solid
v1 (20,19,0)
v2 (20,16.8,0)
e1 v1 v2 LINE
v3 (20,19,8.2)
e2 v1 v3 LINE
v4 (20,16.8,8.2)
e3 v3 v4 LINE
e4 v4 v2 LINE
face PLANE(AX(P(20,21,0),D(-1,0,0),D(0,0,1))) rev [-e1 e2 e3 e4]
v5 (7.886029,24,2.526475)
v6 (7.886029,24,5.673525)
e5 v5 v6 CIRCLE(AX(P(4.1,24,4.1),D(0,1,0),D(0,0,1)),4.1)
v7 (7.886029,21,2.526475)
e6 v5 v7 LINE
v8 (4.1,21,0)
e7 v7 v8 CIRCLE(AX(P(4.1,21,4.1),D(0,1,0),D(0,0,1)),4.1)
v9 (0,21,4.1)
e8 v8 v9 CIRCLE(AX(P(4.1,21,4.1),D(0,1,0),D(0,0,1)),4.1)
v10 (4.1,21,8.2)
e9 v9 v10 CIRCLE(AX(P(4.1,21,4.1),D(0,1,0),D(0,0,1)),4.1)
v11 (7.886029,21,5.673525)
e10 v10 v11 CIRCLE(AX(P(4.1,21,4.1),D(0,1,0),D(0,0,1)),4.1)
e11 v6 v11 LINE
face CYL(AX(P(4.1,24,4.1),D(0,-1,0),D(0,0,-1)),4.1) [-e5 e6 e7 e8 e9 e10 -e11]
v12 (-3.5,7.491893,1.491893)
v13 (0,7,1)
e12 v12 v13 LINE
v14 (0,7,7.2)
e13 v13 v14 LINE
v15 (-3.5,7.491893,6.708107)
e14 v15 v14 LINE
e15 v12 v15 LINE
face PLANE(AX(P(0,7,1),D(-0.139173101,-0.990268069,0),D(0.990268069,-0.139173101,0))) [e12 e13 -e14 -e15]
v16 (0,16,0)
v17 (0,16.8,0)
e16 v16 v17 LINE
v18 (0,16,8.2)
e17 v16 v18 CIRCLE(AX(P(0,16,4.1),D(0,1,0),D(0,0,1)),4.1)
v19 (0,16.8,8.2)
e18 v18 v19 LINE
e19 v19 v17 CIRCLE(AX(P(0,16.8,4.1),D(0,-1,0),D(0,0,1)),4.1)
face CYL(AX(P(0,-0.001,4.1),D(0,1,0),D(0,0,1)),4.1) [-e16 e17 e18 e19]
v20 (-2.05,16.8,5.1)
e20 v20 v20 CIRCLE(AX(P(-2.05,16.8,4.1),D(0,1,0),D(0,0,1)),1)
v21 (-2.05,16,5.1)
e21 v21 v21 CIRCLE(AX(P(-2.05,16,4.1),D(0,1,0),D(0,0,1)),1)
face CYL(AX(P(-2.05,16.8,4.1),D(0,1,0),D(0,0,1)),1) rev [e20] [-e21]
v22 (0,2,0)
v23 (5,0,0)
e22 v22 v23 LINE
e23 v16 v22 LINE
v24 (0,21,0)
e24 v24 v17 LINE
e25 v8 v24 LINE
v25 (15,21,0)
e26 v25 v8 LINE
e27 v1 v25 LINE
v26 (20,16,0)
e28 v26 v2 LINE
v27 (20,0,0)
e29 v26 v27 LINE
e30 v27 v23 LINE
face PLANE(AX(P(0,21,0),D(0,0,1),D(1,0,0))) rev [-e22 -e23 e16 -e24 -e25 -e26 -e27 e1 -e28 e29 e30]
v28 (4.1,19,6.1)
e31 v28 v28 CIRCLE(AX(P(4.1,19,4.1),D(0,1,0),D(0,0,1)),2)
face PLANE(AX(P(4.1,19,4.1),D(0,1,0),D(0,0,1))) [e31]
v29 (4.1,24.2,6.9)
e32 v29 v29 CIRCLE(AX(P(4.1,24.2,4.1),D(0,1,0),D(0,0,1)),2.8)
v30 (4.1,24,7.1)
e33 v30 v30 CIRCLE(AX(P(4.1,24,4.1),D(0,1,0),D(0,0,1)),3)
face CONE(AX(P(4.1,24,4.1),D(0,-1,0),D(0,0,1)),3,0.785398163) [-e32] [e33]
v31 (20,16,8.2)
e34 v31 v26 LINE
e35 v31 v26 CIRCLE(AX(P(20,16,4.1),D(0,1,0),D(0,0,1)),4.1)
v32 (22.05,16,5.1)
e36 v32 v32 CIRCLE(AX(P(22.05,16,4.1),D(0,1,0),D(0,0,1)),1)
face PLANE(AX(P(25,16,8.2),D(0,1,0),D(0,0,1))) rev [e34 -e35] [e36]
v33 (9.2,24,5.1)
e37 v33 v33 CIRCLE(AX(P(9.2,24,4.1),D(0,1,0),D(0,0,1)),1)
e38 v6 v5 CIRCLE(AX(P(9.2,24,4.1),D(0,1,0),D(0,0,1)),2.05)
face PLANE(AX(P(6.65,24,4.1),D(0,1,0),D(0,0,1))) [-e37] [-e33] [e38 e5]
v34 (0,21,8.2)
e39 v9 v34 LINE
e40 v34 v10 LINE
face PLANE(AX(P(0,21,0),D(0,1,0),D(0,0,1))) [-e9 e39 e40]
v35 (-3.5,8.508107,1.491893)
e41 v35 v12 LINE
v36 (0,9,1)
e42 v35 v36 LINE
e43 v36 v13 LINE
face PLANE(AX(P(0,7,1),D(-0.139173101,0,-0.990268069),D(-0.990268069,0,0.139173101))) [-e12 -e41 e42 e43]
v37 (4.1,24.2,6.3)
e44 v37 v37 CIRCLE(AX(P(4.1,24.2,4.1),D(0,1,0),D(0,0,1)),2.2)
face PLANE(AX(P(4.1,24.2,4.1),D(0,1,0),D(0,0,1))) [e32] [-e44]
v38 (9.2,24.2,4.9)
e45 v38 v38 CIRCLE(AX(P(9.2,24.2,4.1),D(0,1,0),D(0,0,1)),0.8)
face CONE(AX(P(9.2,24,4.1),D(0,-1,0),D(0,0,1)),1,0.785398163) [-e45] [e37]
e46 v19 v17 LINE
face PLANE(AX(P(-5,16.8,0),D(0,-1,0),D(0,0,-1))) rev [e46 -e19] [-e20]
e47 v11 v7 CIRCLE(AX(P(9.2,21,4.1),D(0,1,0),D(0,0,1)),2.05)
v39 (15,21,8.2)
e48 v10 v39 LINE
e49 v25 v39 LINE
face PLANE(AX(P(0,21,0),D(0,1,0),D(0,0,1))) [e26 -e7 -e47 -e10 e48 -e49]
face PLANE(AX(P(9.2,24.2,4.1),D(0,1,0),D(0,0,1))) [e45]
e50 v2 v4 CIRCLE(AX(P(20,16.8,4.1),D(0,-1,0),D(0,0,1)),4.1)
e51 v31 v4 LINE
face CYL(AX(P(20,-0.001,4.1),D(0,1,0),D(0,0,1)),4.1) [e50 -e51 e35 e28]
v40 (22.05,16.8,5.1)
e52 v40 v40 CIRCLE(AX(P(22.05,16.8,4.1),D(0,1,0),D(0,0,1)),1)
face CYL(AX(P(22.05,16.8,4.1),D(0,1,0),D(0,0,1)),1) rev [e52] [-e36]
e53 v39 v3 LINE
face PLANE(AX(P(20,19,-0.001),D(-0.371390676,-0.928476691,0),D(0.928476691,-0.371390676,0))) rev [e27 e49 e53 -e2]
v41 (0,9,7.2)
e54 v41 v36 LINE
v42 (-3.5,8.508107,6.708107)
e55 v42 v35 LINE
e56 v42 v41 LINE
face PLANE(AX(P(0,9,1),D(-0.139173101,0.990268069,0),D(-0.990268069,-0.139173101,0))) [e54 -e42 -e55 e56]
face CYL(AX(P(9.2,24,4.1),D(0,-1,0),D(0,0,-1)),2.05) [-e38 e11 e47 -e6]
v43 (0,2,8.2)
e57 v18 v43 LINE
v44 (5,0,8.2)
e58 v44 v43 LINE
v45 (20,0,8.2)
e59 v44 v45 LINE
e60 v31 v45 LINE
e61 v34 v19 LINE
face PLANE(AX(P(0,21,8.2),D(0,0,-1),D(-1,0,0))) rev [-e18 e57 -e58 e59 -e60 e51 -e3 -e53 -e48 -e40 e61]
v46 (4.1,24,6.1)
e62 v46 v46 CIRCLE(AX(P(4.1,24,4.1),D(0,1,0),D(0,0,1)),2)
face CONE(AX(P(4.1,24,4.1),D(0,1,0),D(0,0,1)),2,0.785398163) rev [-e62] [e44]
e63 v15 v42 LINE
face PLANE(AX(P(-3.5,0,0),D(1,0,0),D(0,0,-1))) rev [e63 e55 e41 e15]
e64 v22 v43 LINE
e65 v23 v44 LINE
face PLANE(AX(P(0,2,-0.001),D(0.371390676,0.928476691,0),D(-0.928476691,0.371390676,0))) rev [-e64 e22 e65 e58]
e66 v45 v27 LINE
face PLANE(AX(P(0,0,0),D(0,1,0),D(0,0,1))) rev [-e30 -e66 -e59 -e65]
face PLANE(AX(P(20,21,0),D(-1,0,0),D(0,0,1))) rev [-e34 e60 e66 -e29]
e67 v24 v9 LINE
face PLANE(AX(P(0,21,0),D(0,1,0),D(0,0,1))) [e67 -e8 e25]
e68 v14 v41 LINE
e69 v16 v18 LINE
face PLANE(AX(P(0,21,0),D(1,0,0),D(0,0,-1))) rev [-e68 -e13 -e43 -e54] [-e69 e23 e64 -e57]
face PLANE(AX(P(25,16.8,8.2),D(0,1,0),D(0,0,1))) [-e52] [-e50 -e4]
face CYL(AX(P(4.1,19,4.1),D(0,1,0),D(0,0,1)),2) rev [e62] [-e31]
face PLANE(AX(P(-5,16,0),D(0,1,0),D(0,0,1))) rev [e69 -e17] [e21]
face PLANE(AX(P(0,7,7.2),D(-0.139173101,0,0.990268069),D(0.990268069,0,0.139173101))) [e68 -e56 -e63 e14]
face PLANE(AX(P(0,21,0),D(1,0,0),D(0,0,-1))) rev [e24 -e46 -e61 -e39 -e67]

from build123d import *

# Parameters (mm, degrees)
SKETCH1_W                      = 20
SKETCH1_H                      = 8.2
BOSS_EXTRUDE1_DEPTH            = 21
SKETCH2_W                      = 8.2
SKETCH2_H                      = 0.8
BOSS_EXTRUDE2_DEPTH            = 5
SKETCH3_W                      = 8.2
SKETCH3_H                      = 0.8
BOSS_EXTRUDE3_DEPTH            = 5
CUT_EXTRUDE1_REACH             = 35.664
CUT_EXTRUDE2_REACH             = 33.217
F_2_0_2_DIAMETER_HOLE1_D       = 2
BOSS_EXTRUDE6_DEPTH            = 3
CUT_EXTRUDE4_REACH             = 36.986
SKETCH12_W                     = 6.2
SKETCH12_H                     = 2
BOSS_EXTRUDE7_DEPTH            = 3.5
BOSS_EXTRUDE7_TAPER            = 8
SKETCH15_R                     = 2
CUT_EXTRUDE5_DEPTH             = 5
SKETCH17_R                     = 3
SKETCH17_R_2                   = 2
BOSS_EXTRUDE10_DEPTH           = 0.2
BOSS_EXTRUDE10_DRAFT           = 45
SKETCH17_R_3                   = 1
BOSS_EXTRUDE10_PROFILE_2_DEPTH = 0.2
BOSS_EXTRUDE10_PROFILE_2_DRAFT = 45


with BuildPart() as part:
    # Sketch1 → Boss-Extrude1 (new body)
    with BuildSketch(Plane(origin=(0, 0, 0), x_dir=(1, 0, 0), z_dir=(0, 1, 0))):
        with Locations((10, -4.1)):
            Rectangle(SKETCH1_W, SKETCH1_H)
    extrude(amount=BOSS_EXTRUDE1_DEPTH)

    # Sketch2 → Boss-Extrude2 (add)
    with BuildSketch(Plane(origin=(20, 0, 0), x_dir=(0, 0, -1), z_dir=(1, 0, 0))):
        with Locations((-4.1, 16.4)):
            Rectangle(SKETCH2_W, SKETCH2_H)
    extrude(amount=BOSS_EXTRUDE2_DEPTH)

    # Sketch3 → Boss-Extrude3 (add)
    with BuildSketch(Plane.ZY):
        with Locations((4.1, 16.4)):
            Rectangle(SKETCH3_W, SKETCH3_H)
    extrude(amount=BOSS_EXTRUDE3_DEPTH)

    # Sketch4 → Cut-Extrude1 (cut, up to next)
    with BuildSketch(Plane.XY.offset(8.2), mode=Mode.PRIVATE) as cut_extrude1_sk1:
        Polygon((20, 19), (15, 21), (20, 21), align=None)
    cut_extrude1_tool1 = extrude(cut_extrude1_sk1.sketch, amount=-CUT_EXTRUDE1_REACH, mode=Mode.PRIVATE) & part.part
    add(cut_extrude1_tool1.solids().sort_by_distance((18.333333, 20.333333, 8.2))[0], mode=Mode.SUBTRACT)

    # Sketch8 → Cut-Extrude2 (cut, up to next)
    with BuildSketch(Plane(origin=(0, 16.8, 0), x_dir=(1, 0, 0), z_dir=(0, 1, 0)), mode=Mode.PRIVATE) as cut_extrude2_sk1:
        with BuildLine():
            Line((-5, 0), (0, 0))
            ThreePointArc((0, 0), (-4.1, -4.1), (0, -8.2))
            Line((0, -8.2), (-5, -8.2))
            Line((-5, -8.2), (-5, 0))
        make_face()
    cut_extrude2_tool1 = extrude(cut_extrude2_sk1.sketch, amount=-CUT_EXTRUDE2_REACH, mode=Mode.PRIVATE) & part.part
    # Sketch8 → Cut-Extrude2 (cut, up to next)
    with BuildSketch(Plane(origin=(0, 16.8, 0), x_dir=(1, 0, 0), z_dir=(0, 1, 0)), mode=Mode.PRIVATE) as cut_extrude2_sk2:
        with BuildLine():
            Line((20, -8.2), (25, -8.2))
            Line((25, -8.2), (25, 0))
            Line((25, 0), (20, 0))
            ThreePointArc((20, 0), (24.1, -4.1), (20, -8.2))
        make_face()
    cut_extrude2_tool2 = extrude(cut_extrude2_sk2.sketch, amount=-CUT_EXTRUDE2_REACH, mode=Mode.PRIVATE) & part.part
    add(cut_extrude2_tool1.solids().sort_by_distance((-2.5, 16.8, 8.103958))[0], mode=Mode.SUBTRACT)
    add(cut_extrude2_tool2.solids().sort_by_distance((24.196042, 16.8, 4.1))[0], mode=Mode.SUBTRACT)

    # Ø2.0 (2) Diameter Hole1 (through all)
    with Locations(Plane(origin=(-2.05, 16.8, 4.1), x_dir=(0, 0, 1), z_dir=(0, 1, 0))):
        with Locations((0, 0), (0, 24.1)):
            Hole(F_2_0_2_DIAMETER_HOLE1_D / 2)

    # Sketch10 → Boss-Extrude6 (add)
    with BuildSketch(Plane(origin=(0, 21, 0), x_dir=(1, 0, 0), z_dir=(0, 1, 0))):
        with BuildLine():
            ThreePointArc((7.886029412, -2.526474883), (0, -4.1), (7.886029412, -5.673525117))
            ThreePointArc((7.886029412, -5.673525117), (11.25, -4.1), (7.886029412, -2.526474883))
        make_face()
    extrude(amount=BOSS_EXTRUDE6_DEPTH)

    # Sketch11 → Cut-Extrude4 (cut, up to next)
    with BuildSketch(Plane.XY.offset(8.2), mode=Mode.PRIVATE) as cut_extrude4_sk1:
        Polygon((0, 0), (0, 2), (5, 0), align=None)
    cut_extrude4_tool1 = extrude(cut_extrude4_sk1.sketch, amount=-CUT_EXTRUDE4_REACH, mode=Mode.PRIVATE) & part.part
    add(cut_extrude4_tool1.solids().sort_by_distance((1.666667, 0.666667, 8.2))[0], mode=Mode.SUBTRACT)

    # Sketch12 → Boss-Extrude7 (add)
    with BuildSketch(Plane.ZY):
        with Locations((4.1, 8)):
            Rectangle(SKETCH12_W, SKETCH12_H)
    extrude(amount=BOSS_EXTRUDE7_DEPTH, taper=BOSS_EXTRUDE7_TAPER)

    # Sketch15 → Cut-Extrude5 (cut)
    with BuildSketch(Plane(origin=(0, 24, 0), x_dir=(1, 0, 0), z_dir=(0, 1, 0))):
        with Locations(Location((4.1, -4.1, 0), (0, 0, 270))):
            Circle(SKETCH15_R)
    extrude(amount=-CUT_EXTRUDE5_DEPTH, mode=Mode.SUBTRACT)


with BuildPart() as boss_extrude10_tool:
    # Sketch17 → Boss-Extrude10 (with draft: the straight prism first)
    with BuildSketch(Plane(origin=(0, 24, 0), x_dir=(1, 0, 0), z_dir=(0, 1, 0))):
        with Locations((4.1, -4.1)):
            Circle(SKETCH17_R)
        with Locations(Location((4.1, -4.1, 0), (0, 0, 270))):
            Circle(SKETCH17_R_2, mode=Mode.SUBTRACT)
    extrude(amount=BOSS_EXTRUDE10_DEPTH)
    # Boss-Extrude10: the draft: its side faces are tilted about the plane it starts from
    boss_extrude10_sides = [boss_extrude10_tool.faces().sort_by_distance(p)[0] for p in [
        (1.1, 24.1, 4.1),
        (4.1, 24.1, 2.1),
    ]]
    draft(boss_extrude10_sides, Plane(origin=(0, 24, 0), x_dir=(1, 0, 0), z_dir=(0, 1, 0)), BOSS_EXTRUDE10_DRAFT)


with BuildPart() as part_1:
    add(part.part)

    # Boss-Extrude10: add boss_extrude10_tool
    add(boss_extrude10_tool.part)


with BuildPart() as boss_extrude10_profile_2_tool:
    # Sketch17 → Boss-Extrude10 profile 2 (with draft: the straight prism first)
    with BuildSketch(Plane(origin=(0, 24, 0), x_dir=(1, 0, 0), z_dir=(0, 1, 0))):
        with Locations((9.2, -4.1)):
            Circle(SKETCH17_R_3)
    extrude(amount=BOSS_EXTRUDE10_PROFILE_2_DEPTH)
    # Boss-Extrude10 profile 2: the draft: its side faces are tilted about the plane it starts from
    boss_extrude10_profile_2_sides = [boss_extrude10_profile_2_tool.faces().sort_by_distance(p)[0] for p in [
        (8.2, 24.1, 4.1),
    ]]
    draft(boss_extrude10_profile_2_sides, Plane(origin=(0, 24, 0), x_dir=(1, 0, 0), z_dir=(0, 1, 0)), BOSS_EXTRUDE10_PROFILE_2_DRAFT)


with BuildPart() as part_2:
    add(part_1.part)

    # Boss-Extrude10 profile 2: add boss_extrude10_profile_2_tool
    add(boss_extrude10_profile_2_tool.part)


solid = part_2.part
